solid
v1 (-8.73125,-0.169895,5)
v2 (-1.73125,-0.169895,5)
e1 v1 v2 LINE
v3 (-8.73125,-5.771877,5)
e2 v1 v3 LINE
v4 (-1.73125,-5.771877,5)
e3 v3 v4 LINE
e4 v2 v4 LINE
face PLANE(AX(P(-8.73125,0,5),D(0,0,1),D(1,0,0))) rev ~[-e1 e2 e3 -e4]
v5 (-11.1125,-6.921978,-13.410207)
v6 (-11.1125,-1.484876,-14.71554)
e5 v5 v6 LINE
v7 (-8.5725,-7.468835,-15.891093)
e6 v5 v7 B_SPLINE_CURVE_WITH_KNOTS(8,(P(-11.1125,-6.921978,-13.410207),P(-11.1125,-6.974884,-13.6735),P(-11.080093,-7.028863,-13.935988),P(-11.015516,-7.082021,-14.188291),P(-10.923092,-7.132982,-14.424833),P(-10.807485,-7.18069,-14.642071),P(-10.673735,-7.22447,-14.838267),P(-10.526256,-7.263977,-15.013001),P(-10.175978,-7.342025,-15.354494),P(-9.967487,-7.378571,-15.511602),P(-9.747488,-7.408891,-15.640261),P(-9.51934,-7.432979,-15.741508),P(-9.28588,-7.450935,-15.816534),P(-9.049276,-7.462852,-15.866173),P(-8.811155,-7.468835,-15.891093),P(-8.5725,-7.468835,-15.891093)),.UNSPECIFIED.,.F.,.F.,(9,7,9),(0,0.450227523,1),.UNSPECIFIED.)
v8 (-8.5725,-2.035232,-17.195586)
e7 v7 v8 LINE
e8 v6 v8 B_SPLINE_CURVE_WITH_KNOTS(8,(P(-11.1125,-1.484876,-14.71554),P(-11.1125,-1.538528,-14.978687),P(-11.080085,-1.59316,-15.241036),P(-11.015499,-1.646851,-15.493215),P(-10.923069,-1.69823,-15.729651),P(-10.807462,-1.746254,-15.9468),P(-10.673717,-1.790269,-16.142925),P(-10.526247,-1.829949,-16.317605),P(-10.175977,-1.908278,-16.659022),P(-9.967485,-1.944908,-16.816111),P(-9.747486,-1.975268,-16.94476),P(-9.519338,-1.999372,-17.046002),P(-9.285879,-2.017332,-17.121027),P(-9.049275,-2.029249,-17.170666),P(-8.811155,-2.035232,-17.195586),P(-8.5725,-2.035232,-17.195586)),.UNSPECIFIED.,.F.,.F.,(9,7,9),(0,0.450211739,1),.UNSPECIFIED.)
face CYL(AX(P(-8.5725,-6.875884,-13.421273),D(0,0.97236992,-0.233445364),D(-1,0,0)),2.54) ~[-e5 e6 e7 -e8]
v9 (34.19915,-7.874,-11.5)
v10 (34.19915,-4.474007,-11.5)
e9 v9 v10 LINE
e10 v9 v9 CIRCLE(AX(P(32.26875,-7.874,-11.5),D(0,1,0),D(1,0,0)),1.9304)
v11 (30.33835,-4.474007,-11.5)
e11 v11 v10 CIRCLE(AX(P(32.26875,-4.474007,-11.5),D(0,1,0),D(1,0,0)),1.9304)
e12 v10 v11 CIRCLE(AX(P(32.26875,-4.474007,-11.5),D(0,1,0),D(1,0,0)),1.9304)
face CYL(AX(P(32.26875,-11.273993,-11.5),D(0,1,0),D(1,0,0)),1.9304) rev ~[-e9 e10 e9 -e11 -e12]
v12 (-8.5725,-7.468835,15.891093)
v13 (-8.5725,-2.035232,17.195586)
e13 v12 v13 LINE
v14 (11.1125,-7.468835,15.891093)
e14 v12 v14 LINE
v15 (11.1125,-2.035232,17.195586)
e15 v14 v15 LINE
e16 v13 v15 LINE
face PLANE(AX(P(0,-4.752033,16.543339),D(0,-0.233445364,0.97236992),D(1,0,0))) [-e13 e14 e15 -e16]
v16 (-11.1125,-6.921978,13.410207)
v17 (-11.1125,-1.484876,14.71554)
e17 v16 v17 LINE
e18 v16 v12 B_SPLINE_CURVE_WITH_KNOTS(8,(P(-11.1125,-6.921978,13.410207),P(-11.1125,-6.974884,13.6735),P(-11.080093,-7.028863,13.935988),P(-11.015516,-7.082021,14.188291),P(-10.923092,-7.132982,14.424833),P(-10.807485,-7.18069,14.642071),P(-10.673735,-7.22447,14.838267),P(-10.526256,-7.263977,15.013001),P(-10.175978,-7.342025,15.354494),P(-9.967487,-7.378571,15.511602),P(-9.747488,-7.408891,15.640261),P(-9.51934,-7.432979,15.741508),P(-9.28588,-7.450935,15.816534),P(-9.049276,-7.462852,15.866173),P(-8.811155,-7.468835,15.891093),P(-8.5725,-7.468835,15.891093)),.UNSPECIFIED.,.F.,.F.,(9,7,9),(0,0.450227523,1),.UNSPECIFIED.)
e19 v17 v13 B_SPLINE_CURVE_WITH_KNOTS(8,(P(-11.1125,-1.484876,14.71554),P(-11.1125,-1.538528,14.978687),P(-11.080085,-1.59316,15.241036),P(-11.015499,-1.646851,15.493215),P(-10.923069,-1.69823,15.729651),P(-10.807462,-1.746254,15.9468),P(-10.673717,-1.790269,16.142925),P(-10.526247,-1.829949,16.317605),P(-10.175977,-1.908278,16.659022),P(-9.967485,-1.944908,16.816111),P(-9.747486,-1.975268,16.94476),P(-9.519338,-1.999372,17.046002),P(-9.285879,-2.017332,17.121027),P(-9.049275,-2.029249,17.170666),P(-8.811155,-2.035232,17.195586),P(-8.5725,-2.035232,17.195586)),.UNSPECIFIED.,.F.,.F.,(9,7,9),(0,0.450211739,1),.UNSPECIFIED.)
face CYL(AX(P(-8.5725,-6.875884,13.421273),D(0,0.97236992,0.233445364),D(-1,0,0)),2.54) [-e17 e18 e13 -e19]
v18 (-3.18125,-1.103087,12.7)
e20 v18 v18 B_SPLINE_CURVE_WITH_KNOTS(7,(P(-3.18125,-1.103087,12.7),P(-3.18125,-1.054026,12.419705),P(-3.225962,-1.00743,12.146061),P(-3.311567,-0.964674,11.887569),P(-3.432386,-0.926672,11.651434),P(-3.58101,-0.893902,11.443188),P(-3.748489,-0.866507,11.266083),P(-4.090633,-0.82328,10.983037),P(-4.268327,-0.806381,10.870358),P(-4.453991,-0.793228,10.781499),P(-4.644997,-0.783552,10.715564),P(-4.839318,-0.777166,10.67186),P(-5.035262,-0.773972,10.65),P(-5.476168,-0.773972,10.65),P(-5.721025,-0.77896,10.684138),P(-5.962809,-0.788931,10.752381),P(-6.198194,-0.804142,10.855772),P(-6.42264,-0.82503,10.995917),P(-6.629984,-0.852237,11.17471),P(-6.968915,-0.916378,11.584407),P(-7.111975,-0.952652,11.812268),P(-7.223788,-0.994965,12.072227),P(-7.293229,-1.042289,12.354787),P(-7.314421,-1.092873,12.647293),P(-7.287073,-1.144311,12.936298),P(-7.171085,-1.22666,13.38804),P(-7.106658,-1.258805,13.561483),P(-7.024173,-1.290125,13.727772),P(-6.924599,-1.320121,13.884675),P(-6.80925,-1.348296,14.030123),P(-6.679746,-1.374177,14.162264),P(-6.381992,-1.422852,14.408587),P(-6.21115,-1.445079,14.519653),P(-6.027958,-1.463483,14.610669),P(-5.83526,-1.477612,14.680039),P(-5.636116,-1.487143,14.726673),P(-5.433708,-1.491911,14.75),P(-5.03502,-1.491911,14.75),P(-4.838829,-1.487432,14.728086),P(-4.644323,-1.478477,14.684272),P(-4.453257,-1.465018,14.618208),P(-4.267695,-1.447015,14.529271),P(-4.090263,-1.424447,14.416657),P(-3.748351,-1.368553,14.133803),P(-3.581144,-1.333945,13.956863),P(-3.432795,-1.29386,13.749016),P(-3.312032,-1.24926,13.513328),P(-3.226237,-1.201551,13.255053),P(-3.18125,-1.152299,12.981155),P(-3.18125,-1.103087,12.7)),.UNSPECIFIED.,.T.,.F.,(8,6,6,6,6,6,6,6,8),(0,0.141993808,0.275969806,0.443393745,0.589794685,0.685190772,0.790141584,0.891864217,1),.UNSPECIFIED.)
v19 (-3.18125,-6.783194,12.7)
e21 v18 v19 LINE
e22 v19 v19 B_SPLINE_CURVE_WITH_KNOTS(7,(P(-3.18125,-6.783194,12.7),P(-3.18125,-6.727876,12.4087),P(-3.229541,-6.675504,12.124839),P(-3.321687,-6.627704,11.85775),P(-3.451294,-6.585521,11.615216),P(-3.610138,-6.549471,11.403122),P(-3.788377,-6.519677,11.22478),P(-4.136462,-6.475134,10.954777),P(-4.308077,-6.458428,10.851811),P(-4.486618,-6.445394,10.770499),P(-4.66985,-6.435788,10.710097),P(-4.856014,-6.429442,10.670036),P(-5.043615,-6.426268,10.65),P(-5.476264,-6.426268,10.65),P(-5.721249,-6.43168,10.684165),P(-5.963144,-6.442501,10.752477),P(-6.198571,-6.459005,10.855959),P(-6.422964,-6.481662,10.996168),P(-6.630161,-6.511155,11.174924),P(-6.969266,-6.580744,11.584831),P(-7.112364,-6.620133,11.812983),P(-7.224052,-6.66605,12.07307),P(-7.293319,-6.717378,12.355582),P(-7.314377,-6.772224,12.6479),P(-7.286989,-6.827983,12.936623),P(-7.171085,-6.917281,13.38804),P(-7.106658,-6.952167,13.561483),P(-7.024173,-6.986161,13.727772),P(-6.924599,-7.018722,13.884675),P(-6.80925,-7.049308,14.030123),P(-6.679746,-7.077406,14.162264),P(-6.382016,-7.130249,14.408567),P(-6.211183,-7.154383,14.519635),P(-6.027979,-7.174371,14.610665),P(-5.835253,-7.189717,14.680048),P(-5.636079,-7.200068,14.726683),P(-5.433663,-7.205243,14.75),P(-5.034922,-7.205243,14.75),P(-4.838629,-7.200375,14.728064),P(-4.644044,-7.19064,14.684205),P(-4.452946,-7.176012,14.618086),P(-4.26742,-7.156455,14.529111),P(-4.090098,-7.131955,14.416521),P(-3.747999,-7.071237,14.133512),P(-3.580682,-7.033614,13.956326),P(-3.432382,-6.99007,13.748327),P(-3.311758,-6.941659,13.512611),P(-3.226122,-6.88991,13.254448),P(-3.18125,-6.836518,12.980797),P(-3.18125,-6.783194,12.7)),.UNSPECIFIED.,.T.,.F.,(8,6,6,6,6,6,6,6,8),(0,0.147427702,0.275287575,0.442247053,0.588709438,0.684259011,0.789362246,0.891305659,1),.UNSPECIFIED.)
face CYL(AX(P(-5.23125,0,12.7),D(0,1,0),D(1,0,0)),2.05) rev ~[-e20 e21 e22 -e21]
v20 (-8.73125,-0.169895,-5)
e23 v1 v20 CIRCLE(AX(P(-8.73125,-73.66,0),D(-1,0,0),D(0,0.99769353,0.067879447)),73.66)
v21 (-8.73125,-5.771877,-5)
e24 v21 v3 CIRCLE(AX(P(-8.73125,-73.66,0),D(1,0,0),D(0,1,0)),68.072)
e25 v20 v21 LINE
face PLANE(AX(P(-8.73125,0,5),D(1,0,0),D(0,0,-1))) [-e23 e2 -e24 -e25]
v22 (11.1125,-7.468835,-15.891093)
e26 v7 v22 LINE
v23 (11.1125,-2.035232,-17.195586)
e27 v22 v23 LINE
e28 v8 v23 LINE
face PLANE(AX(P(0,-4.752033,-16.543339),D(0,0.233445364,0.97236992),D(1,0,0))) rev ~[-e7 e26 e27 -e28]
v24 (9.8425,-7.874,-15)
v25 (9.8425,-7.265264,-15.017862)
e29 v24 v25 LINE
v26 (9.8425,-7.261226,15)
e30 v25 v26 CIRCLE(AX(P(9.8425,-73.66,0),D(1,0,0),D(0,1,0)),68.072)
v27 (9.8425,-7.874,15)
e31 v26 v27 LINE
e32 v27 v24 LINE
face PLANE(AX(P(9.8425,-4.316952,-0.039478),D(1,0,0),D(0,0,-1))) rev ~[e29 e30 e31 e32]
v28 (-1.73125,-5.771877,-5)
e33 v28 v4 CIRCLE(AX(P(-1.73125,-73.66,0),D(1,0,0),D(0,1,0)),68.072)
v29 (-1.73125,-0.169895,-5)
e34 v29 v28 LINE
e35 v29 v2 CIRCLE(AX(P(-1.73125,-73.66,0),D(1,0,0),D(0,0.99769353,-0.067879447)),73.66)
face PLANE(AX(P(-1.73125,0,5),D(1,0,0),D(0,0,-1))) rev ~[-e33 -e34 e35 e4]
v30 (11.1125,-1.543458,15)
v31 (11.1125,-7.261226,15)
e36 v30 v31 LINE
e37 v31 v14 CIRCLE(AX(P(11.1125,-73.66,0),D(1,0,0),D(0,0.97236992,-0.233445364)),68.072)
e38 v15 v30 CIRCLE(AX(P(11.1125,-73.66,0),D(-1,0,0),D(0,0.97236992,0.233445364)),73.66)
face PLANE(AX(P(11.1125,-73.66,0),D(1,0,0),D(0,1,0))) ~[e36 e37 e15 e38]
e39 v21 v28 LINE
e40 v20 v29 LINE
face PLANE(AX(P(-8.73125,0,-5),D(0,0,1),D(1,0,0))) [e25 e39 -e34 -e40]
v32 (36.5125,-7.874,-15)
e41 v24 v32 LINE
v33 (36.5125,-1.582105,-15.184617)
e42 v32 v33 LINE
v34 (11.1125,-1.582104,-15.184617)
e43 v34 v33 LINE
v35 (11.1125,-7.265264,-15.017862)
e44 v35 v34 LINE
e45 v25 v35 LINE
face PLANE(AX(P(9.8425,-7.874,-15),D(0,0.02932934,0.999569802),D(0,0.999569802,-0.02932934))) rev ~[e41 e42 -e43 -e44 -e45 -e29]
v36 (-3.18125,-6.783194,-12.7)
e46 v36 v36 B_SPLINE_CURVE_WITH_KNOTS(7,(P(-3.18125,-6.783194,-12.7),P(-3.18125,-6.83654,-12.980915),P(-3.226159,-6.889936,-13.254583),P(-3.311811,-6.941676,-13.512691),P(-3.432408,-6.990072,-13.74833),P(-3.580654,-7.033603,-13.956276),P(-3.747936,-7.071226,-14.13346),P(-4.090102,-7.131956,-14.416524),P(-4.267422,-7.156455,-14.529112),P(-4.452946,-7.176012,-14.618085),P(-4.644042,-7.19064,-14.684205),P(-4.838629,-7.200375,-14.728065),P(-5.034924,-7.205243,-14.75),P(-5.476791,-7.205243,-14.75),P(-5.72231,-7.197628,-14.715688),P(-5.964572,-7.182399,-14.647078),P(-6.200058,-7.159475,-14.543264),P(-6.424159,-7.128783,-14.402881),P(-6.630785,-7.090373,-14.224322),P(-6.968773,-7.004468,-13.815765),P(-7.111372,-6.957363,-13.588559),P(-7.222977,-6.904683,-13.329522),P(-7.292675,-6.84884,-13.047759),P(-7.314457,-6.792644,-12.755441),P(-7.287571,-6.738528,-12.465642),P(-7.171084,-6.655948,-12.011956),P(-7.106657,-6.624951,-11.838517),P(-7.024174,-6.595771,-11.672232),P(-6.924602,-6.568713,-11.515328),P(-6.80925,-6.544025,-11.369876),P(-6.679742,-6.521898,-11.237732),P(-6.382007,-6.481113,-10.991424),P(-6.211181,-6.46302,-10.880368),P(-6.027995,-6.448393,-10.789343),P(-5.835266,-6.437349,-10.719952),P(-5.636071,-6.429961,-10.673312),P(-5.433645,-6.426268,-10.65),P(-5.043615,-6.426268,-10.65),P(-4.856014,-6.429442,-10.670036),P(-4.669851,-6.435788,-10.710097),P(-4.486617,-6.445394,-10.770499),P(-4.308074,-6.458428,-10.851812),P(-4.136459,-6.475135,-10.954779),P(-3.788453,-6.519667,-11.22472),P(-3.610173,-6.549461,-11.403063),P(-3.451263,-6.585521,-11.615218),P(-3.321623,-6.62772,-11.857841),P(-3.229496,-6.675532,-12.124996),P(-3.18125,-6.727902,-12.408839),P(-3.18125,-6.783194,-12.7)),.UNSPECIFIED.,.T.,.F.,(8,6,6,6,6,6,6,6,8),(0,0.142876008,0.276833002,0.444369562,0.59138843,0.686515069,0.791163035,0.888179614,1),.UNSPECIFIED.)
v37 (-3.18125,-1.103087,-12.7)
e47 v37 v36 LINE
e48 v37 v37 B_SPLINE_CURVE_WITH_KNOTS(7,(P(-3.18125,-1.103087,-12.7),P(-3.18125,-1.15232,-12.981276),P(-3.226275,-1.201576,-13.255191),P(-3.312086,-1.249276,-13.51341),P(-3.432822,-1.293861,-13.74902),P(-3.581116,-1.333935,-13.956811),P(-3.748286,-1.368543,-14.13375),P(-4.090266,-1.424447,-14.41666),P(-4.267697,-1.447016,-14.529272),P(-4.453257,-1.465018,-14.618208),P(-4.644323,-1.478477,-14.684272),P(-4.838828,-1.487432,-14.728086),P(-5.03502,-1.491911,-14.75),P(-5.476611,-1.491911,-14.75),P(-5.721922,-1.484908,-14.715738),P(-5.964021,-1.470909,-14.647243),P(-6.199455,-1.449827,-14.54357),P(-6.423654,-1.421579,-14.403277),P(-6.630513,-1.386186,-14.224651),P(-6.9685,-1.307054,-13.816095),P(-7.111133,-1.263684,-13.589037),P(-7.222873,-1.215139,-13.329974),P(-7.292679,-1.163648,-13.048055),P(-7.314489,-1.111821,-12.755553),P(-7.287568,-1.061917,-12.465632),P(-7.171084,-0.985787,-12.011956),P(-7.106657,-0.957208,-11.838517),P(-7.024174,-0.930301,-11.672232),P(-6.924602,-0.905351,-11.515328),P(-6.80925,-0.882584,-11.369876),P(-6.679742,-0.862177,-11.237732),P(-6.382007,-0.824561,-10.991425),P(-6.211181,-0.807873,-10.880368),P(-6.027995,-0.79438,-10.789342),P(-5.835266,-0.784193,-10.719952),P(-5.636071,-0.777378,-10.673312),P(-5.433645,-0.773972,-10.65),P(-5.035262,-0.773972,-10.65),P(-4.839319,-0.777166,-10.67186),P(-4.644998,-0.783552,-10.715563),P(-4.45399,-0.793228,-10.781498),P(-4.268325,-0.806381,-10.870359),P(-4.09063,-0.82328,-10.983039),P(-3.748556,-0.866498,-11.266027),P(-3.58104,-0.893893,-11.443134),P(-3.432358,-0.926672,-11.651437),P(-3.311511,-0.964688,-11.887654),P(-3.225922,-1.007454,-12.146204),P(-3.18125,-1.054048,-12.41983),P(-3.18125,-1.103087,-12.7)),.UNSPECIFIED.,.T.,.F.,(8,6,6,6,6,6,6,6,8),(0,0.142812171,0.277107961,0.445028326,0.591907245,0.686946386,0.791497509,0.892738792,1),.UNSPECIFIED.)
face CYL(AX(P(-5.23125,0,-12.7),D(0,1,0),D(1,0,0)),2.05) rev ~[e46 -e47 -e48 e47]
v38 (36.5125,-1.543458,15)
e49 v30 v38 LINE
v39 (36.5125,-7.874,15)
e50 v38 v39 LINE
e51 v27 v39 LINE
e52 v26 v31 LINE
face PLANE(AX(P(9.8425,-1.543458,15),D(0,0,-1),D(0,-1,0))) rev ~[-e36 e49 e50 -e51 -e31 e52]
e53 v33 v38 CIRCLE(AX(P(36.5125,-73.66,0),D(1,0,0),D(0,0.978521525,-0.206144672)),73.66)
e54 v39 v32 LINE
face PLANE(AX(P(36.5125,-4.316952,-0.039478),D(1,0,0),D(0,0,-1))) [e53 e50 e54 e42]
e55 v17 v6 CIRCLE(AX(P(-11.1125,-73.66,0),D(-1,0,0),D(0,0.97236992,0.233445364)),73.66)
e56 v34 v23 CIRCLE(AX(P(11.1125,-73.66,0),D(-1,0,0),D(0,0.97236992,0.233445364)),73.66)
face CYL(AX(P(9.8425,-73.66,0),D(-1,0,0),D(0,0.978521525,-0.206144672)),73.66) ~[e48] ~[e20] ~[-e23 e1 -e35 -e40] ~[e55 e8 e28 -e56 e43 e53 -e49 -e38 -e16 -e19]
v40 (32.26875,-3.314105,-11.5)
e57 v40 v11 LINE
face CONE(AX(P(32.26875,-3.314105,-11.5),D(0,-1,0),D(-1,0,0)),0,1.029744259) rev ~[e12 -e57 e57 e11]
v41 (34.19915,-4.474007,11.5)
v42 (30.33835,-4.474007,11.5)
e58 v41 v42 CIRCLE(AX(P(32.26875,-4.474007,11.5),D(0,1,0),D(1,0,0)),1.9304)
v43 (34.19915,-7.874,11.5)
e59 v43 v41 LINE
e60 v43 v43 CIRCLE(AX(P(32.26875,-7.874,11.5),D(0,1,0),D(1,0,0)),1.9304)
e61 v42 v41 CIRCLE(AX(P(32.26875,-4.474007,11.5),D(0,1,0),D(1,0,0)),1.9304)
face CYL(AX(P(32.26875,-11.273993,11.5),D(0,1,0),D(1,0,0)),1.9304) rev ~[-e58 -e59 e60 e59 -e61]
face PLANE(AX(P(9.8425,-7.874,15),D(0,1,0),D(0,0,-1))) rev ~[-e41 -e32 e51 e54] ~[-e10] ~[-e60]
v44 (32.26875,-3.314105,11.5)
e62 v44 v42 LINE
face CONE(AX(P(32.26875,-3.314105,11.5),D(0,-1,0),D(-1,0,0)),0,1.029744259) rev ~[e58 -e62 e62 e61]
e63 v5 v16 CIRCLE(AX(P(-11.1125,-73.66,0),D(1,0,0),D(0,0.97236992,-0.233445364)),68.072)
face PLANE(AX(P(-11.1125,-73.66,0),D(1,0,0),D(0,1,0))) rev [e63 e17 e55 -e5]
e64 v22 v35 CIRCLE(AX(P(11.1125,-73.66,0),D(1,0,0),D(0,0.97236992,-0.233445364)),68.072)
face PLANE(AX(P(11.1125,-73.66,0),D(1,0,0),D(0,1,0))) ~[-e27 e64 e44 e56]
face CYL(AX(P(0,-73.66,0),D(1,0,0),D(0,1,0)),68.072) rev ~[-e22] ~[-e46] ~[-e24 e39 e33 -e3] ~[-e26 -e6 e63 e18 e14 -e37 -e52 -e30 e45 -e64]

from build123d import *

# Parameters (mm, degrees)
SKETCH1_W                       = 22.225
SKETCH1_H                       = 5.588
REVOLVE1_ANGLE                  = 27
SKETCH2_W                       = 6.99999997
SKETCH2_H                       = 10.000000066
SKETCH2_R                       = 2.049999964
CUT_EXTRUDE1_DEPTH              = 22.793561204
FILLET2_R                       = 2.54
BOSS_EXTRUDE2_DEPTH             = 25.4
BOSS_EXTRUDE2_DEPTH_BACK        = 1.27
F_24_0_152_DIAMETER_HOLE1_D     = 3.8608
F_24_0_152_DIAMETER_HOLE1_DEPTH = 3.3999932
F_24_0_152_DIAMETER_HOLE1_TIP   = 1.159901339


with BuildPart() as part:
    # Sketch1 → Revolve1 (revolve, symmetric)
    with BuildSketch(Plane.XY) as revolve1_sk:
        with Locations((0, -2.794)):
            Rectangle(SKETCH1_W, SKETCH1_H)
    revolve(axis=Axis((21.580970856, -73.66, 0), (-1, 0, 0)), revolution_arc=REVOLVE1_ANGLE / 2)
    revolve(revolve1_sk.sketch, axis=Axis((21.580970856, -73.66, 0), (1, 0, 0)), revolution_arc=REVOLVE1_ANGLE / 2)

    # Sketch2 → Cut-Extrude1 (cut, through all)
    with BuildSketch(Plane(origin=(0, 0, 0), x_dir=(1, 0, 0), z_dir=(0, 1, 0))):
        with Locations((-5.231250015, 0)):
            Rectangle(SKETCH2_W, SKETCH2_H)
        with Locations((-5.231250015, 12.7)):
            Circle(SKETCH2_R)
        with Locations((-5.231250015, -12.7)):
            Circle(SKETCH2_R)
    extrude(amount=-CUT_EXTRUDE1_DEPTH, mode=Mode.SUBTRACT)

    # Fillet2
    fillet2_edges = [part.edges().sort_by_distance(p)[0] for p in [
        (-11.1125, -4.752033221, -16.543339155),
        (-11.1125, -4.752033221, 16.543339155),
    ]]
    fillet(fillet2_edges, radius=FILLET2_R)

    # Sketch8 → Boss-Extrude2 (add, two sides: drawn at the far end of the back side and taken through both)
    with BuildSketch(Plane(origin=(11.1125, 0, 0), x_dir=(0, 0, -1), z_dir=(1, 0, 0)).offset(-BOSS_EXTRUDE2_DEPTH_BACK)):
        with BuildLine():
            Line((-15, -7.874), (15, -7.874))
            Line((15, -7.874), (15.184616566, -1.5821045))
            ThreePointArc((15.184616566, -1.5821045), (0.094309083, -6.0373e-05), (-15, -1.543458208))
            Line((-15, -1.543458208), (-15, -7.874))
        make_face()
    extrude(amount=BOSS_EXTRUDE2_DEPTH + BOSS_EXTRUDE2_DEPTH_BACK)

    # #24 (0.152) Diameter Hole1
    with Locations(Plane(origin=(0, -7.874, 0), x_dir=(-1, 0, 0), z_dir=(0, -1, 0))):
        with Locations((-32.26874997, 11.5), (-32.26874997, -11.5)):
            Hole(F_24_0_152_DIAMETER_HOLE1_D / 2, depth=F_24_0_152_DIAMETER_HOLE1_DEPTH)
            with Locations((0, 0, -(F_24_0_152_DIAMETER_HOLE1_DEPTH + F_24_0_152_DIAMETER_HOLE1_TIP / 2))):  # 118° drill point
                Cone(0, F_24_0_152_DIAMETER_HOLE1_D / 2, F_24_0_152_DIAMETER_HOLE1_TIP, mode=Mode.SUBTRACT)


solid = part.part
